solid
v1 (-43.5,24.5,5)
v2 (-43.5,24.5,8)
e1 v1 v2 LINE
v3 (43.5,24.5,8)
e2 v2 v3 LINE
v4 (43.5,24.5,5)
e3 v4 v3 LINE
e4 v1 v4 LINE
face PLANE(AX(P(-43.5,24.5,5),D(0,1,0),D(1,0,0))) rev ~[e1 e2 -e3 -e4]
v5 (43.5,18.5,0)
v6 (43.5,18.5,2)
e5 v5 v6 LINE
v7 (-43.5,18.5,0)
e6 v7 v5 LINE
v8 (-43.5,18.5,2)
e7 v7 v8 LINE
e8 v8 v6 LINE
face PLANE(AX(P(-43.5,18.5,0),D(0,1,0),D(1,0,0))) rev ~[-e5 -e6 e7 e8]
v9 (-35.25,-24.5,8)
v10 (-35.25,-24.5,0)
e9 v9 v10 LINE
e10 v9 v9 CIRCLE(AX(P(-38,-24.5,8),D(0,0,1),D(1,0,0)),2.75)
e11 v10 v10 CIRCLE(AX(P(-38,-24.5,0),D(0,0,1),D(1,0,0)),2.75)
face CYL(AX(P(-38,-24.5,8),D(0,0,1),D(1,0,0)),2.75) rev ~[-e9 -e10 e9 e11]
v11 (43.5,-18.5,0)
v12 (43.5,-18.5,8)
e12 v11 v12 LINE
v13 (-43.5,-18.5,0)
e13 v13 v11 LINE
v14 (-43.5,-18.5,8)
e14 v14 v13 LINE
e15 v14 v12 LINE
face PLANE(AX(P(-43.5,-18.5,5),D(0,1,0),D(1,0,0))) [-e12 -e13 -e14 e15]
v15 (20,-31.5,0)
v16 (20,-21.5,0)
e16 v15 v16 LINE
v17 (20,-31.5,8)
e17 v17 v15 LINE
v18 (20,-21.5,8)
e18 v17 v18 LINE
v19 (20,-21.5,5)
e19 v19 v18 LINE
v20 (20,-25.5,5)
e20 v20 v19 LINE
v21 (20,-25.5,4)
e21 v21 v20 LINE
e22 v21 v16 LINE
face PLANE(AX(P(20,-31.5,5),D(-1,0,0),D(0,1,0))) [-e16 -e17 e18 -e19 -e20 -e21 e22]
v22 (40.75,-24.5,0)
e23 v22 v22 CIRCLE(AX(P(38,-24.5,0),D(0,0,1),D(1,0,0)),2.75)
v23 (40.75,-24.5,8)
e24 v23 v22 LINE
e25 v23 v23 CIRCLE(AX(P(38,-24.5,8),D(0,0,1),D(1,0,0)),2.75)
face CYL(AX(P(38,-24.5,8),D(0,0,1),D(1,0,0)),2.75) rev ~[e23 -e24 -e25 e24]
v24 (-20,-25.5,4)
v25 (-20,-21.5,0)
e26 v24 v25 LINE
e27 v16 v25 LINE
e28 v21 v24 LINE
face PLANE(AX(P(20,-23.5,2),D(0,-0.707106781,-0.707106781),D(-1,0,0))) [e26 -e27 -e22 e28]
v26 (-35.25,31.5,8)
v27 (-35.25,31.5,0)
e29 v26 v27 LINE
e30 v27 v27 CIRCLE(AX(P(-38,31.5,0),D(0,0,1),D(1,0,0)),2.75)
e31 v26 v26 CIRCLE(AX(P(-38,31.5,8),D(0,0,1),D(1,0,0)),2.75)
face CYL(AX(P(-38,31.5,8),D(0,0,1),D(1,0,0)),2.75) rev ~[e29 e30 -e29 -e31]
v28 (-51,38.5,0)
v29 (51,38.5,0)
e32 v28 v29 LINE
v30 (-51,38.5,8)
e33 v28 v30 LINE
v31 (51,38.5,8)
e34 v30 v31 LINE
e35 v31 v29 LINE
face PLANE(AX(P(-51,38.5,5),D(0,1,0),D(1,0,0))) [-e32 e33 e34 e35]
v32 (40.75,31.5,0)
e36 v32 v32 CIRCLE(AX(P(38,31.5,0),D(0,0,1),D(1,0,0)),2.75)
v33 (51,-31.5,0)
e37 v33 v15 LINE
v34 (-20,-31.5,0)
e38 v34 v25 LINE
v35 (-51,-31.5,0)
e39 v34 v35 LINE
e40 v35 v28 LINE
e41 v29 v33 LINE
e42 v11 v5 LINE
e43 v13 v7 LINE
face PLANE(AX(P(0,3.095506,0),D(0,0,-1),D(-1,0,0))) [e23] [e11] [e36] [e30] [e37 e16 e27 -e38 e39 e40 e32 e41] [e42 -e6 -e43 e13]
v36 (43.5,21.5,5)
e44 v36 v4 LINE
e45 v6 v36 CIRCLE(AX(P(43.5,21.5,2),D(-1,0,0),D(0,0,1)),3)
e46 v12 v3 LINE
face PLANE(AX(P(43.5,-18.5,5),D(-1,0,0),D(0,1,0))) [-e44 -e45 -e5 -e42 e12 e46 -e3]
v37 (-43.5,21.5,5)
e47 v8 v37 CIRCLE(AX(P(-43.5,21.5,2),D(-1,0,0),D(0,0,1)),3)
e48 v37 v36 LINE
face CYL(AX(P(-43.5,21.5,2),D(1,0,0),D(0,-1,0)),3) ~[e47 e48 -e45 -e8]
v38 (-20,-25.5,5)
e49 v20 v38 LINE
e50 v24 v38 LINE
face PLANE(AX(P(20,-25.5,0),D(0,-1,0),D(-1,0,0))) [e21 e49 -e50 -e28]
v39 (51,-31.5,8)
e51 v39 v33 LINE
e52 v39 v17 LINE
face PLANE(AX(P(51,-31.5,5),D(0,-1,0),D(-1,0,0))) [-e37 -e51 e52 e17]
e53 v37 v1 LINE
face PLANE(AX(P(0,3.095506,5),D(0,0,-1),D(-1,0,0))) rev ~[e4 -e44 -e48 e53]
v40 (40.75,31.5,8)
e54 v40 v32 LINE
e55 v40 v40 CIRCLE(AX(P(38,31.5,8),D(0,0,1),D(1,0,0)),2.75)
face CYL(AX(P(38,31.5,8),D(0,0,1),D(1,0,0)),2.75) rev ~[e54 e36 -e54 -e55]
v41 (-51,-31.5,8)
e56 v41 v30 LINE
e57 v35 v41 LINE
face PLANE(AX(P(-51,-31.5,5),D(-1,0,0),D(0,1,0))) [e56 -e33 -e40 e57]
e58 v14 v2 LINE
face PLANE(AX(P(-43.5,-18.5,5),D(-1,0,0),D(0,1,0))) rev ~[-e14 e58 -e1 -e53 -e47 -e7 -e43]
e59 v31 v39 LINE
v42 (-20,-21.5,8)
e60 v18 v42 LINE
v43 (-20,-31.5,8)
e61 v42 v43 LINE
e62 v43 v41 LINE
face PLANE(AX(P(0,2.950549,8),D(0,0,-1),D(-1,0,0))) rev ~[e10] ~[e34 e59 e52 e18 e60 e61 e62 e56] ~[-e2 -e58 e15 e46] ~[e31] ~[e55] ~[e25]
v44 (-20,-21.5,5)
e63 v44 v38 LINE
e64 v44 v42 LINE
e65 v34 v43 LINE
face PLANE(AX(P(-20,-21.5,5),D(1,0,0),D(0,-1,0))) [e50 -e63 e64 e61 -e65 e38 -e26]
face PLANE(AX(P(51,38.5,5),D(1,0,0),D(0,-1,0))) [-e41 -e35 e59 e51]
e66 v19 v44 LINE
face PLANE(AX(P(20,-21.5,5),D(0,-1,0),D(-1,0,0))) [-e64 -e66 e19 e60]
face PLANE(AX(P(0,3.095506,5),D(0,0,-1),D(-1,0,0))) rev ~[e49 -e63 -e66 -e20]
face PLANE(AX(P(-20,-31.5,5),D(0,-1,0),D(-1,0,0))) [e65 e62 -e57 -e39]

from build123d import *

# Parameters (mm, degrees)
SKETCH_W     = 87
SKETCH_H     = 37
PAD_DEPTH    = 5
SKETCH001_W  = 87
SKETCH001_H  = 43
PAD001_DEPTH = 3
CHAMFER_SIZE = 4
FILLET_R     = 3
SKETCH002_R  = 2.75
POCKET_DEPTH = 8.001


with BuildPart() as part:
    # Sketch → Pad (new body)
    with BuildSketch(Plane.XY):
        Polygon((-51, -31.5), (-51, 38.5), (51, 38.5), (51, -31.5), (20, -31.5), (20, -25.5), (-20, -25.5), (-20, -31.5), align=None)
        Rectangle(SKETCH_W, SKETCH_H, mode=Mode.SUBTRACT)
    extrude(amount=PAD_DEPTH)

    # Sketch001 (on Face14 of Pad) → Pad001 (join)
    with BuildSketch(Plane.XY.offset(5)):
        Polygon((-51, 38.5), (51, 38.5), (51, -31.5), (20, -31.5), (20, -21.5), (-20, -21.5), (-20, -31.5), (-51, -31.5), align=None)
        with Locations((0, 3)):
            Rectangle(SKETCH001_W, SKETCH001_H, mode=Mode.SUBTRACT)
    extrude(amount=PAD001_DEPTH)

    # Chamfer
    chamfer_edges = [part.edges().sort_by_distance(p)[0] for p in [
        (0, -25.5, 0),
    ]]
    chamfer(chamfer_edges, length=CHAMFER_SIZE)

    # Fillet
    fillet_edges = [part.edges().sort_by_distance(p)[0] for p in [
        (0, 18.5, 5),
    ]]
    fillet(fillet_edges, radius=FILLET_R)

    # Sketch002 (on Face18 of Fillet) → Pocket (cut, through all)
    with BuildSketch(Plane.XY.offset(8)):
        with Locations((-38, 31.5)):
            Circle(SKETCH002_R)
        with Locations((38, 31.5)):
            Circle(SKETCH002_R)
        with Locations((38, -24.5)):
            Circle(SKETCH002_R)
        with Locations((-38, -24.5)):
            Circle(SKETCH002_R)
    extrude(amount=-POCKET_DEPTH, mode=Mode.SUBTRACT)


solid = part.part
